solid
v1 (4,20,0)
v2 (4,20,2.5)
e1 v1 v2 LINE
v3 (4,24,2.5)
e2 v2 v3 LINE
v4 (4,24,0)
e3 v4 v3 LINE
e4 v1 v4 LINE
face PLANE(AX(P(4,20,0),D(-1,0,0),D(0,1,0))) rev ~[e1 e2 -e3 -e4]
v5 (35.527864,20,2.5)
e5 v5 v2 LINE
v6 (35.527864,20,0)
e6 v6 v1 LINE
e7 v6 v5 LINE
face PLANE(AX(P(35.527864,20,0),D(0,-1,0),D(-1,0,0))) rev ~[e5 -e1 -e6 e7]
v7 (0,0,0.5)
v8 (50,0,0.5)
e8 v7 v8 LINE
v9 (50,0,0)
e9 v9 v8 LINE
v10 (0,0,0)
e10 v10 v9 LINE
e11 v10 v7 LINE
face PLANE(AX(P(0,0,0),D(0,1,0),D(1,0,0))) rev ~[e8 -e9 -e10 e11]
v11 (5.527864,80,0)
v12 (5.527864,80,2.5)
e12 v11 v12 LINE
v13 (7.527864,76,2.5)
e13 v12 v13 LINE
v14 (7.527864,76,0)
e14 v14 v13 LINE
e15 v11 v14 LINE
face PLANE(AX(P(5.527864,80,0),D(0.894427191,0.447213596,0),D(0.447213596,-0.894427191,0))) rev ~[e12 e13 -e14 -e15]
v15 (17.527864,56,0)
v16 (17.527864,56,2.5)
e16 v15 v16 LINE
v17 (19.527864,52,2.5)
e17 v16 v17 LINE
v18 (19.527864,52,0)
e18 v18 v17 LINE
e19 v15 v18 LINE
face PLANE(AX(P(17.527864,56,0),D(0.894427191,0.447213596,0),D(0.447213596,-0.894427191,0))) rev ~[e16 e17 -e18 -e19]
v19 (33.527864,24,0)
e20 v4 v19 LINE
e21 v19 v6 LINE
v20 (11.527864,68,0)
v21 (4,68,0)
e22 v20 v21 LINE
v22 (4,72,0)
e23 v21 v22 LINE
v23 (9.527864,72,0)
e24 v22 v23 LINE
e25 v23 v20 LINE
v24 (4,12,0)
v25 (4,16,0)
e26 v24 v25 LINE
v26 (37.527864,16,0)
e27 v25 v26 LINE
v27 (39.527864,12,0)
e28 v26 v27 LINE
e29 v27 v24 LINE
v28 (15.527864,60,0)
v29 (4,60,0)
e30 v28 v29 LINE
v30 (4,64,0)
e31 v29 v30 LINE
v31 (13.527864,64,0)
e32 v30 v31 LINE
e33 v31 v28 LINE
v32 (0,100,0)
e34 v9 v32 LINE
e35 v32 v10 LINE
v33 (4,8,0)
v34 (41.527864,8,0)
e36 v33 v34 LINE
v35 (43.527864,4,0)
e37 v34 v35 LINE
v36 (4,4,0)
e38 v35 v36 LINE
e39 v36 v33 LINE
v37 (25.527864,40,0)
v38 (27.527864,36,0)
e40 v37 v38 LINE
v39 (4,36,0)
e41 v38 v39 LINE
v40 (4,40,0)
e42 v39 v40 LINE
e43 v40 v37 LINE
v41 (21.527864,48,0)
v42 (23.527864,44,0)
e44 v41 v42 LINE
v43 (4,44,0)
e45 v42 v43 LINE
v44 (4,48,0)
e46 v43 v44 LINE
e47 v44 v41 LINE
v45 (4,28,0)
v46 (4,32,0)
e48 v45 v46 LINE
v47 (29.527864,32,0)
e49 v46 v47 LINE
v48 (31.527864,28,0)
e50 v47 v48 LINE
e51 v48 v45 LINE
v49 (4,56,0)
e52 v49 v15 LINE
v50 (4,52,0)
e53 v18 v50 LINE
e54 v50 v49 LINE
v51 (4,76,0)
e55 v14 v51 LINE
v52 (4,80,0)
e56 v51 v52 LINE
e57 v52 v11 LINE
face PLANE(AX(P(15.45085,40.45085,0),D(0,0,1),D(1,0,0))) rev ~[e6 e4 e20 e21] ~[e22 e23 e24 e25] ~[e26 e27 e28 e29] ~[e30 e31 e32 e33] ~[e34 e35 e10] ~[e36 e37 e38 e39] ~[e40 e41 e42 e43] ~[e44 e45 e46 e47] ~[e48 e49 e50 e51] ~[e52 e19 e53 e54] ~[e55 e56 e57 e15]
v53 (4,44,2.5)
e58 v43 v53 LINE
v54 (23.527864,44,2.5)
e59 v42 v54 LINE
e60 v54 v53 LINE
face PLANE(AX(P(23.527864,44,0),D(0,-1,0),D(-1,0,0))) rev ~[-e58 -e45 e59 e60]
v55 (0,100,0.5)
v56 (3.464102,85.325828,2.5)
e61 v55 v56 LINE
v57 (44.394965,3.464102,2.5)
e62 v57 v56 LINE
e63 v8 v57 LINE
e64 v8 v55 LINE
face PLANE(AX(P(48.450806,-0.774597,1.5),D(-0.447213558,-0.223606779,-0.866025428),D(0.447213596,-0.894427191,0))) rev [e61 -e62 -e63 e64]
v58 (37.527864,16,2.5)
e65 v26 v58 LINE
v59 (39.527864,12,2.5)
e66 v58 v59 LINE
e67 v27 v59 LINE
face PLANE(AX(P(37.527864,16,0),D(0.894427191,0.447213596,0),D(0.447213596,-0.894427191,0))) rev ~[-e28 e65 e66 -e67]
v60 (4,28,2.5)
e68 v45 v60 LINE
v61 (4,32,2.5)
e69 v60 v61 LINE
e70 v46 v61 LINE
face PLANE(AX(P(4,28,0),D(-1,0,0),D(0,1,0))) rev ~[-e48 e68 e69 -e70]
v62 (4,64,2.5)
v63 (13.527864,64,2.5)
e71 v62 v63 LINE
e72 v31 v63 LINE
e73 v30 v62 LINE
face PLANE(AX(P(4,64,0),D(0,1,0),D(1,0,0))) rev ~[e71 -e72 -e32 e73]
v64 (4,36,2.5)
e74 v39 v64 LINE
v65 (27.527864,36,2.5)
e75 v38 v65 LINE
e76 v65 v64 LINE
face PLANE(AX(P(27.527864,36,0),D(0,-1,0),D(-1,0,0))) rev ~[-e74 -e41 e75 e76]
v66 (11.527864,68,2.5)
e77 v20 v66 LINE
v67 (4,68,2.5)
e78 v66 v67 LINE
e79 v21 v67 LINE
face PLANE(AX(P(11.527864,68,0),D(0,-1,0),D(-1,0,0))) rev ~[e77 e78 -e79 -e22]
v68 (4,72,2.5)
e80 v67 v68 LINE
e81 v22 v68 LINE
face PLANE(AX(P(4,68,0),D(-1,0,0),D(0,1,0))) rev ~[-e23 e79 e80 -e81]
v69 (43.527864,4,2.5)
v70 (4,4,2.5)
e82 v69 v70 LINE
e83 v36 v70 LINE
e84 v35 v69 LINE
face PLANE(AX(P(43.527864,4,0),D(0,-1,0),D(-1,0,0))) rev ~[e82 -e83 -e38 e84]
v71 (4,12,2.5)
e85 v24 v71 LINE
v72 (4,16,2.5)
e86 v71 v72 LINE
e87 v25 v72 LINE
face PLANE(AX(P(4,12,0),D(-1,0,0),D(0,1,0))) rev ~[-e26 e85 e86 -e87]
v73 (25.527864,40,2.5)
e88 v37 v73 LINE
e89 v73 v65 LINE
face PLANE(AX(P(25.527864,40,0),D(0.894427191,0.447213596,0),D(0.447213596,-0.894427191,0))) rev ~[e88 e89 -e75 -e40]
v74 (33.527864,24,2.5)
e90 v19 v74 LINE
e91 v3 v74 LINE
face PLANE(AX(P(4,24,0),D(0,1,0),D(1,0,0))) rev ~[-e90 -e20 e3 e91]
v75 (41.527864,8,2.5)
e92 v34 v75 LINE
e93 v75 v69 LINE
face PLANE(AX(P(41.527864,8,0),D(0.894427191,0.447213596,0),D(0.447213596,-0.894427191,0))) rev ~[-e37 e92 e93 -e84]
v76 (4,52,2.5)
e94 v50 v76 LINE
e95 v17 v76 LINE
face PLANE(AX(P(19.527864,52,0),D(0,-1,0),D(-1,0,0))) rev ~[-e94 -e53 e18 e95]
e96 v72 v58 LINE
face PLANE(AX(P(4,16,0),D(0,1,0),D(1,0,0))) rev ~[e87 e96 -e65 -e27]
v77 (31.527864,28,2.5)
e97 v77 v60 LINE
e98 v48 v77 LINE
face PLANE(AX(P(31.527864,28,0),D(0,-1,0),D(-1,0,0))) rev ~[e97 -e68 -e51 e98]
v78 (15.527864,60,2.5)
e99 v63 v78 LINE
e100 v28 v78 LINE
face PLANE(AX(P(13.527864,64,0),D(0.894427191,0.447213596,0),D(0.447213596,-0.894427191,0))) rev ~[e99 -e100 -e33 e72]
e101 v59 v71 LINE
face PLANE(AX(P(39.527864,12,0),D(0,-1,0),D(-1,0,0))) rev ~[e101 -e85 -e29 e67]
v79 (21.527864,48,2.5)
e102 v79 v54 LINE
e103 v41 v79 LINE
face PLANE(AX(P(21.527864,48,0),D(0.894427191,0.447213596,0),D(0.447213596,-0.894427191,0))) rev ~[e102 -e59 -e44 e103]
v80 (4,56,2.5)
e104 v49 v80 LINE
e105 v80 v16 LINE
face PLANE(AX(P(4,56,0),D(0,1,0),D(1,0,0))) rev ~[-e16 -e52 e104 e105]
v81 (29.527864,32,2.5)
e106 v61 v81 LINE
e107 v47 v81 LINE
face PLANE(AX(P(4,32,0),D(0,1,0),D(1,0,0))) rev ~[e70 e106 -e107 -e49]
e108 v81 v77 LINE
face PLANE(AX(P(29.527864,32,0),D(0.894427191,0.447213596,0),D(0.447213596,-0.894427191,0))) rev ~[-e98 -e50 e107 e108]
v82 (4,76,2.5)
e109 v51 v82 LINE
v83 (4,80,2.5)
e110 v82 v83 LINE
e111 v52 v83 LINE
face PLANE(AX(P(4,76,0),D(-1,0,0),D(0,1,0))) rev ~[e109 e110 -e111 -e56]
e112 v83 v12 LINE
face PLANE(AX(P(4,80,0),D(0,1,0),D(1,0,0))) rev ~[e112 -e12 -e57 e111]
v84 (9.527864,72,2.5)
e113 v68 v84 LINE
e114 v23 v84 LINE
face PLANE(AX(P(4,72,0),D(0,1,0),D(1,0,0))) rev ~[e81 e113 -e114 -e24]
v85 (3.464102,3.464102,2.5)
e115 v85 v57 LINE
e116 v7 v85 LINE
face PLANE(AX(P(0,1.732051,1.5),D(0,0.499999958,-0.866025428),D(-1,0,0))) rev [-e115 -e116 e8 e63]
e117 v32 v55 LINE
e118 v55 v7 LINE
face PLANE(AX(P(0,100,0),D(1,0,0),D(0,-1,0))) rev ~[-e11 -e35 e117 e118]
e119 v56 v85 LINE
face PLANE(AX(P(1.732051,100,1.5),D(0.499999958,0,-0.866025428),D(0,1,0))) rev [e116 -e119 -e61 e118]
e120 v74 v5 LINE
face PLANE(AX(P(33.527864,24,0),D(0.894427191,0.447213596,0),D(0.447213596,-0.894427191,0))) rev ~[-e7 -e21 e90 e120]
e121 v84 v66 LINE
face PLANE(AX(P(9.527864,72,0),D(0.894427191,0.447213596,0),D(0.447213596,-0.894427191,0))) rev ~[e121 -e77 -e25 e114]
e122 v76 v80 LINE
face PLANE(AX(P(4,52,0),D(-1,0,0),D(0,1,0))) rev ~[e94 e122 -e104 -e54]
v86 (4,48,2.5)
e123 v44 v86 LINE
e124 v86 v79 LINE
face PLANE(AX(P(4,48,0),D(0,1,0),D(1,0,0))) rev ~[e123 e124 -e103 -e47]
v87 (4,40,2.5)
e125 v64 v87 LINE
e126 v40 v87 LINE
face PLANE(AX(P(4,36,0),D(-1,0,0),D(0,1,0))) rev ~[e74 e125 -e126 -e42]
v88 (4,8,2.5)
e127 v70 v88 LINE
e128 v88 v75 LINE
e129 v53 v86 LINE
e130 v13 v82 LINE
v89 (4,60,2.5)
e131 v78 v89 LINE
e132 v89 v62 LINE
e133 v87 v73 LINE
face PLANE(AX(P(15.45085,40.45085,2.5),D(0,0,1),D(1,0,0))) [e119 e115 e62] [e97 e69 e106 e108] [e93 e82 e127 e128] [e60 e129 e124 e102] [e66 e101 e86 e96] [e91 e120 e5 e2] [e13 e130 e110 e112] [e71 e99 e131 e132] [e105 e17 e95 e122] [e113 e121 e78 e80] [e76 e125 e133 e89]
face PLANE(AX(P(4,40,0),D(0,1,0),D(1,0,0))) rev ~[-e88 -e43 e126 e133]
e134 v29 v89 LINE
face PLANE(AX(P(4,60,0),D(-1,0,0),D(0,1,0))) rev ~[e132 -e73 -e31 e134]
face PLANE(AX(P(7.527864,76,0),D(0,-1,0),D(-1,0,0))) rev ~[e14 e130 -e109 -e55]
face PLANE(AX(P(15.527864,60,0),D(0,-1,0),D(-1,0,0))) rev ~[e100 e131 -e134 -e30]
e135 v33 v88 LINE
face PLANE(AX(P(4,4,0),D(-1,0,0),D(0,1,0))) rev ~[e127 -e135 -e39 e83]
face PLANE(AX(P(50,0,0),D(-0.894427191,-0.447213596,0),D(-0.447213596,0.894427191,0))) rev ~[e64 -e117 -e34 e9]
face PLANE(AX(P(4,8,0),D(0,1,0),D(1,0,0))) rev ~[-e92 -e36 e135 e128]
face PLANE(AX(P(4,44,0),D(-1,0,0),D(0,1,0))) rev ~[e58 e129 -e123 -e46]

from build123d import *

# Parameters (mm, degrees)
F1_DEPTH = 2.5
F2_SIZE2 = 3.464102
F2_SIZE  = 2


with BuildPart() as f1:
    # F0 (on Top) → F1 (new body)
    with BuildSketch(Plane.XY):
        Polygon((0, 100), (0, 0), (50, 0), align=None)
        Polygon((43.527864, 4), (4, 4), (4, 8), (41.527864, 8), align=None, mode=Mode.SUBTRACT)
        Polygon((4, 12), (4, 16), (37.527864, 16), (39.527864, 12), align=None, mode=Mode.SUBTRACT)
        Polygon((4, 20), (4, 24), (33.527864, 24), (35.527864, 20), align=None, mode=Mode.SUBTRACT)
        Polygon((4, 28), (4, 32), (29.527864, 32), (31.527864, 28), align=None, mode=Mode.SUBTRACT)
        Polygon((4, 36), (4, 40), (25.527864, 40), (27.527864, 36), align=None, mode=Mode.SUBTRACT)
        Polygon((4, 44), (4, 48), (21.527864, 48), (23.527864, 44), align=None, mode=Mode.SUBTRACT)
        Polygon((4, 52), (4, 56), (17.527864, 56), (19.527864, 52), align=None, mode=Mode.SUBTRACT)
        Polygon((4, 60), (4, 64), (13.527864, 64), (15.527864, 60), align=None, mode=Mode.SUBTRACT)
        Polygon((4, 68), (4, 72), (9.527864, 72), (11.527864, 68), align=None, mode=Mode.SUBTRACT)
        Polygon((4, 80), (5.527864, 80), (7.527864, 76), (4, 76), align=None, mode=Mode.SUBTRACT)
    extrude(amount=F1_DEPTH)

    # F2
    f2_edges = [f1.edges().sort_by_distance(p)[0] for p in [
        (0, 50, 2.5),
        (25, 50, 2.5),
        (25, 0, 2.5),
    ]]
    chamfer(f2_edges, length=F2_SIZE, length2=F2_SIZE2)


solid = f1.part
